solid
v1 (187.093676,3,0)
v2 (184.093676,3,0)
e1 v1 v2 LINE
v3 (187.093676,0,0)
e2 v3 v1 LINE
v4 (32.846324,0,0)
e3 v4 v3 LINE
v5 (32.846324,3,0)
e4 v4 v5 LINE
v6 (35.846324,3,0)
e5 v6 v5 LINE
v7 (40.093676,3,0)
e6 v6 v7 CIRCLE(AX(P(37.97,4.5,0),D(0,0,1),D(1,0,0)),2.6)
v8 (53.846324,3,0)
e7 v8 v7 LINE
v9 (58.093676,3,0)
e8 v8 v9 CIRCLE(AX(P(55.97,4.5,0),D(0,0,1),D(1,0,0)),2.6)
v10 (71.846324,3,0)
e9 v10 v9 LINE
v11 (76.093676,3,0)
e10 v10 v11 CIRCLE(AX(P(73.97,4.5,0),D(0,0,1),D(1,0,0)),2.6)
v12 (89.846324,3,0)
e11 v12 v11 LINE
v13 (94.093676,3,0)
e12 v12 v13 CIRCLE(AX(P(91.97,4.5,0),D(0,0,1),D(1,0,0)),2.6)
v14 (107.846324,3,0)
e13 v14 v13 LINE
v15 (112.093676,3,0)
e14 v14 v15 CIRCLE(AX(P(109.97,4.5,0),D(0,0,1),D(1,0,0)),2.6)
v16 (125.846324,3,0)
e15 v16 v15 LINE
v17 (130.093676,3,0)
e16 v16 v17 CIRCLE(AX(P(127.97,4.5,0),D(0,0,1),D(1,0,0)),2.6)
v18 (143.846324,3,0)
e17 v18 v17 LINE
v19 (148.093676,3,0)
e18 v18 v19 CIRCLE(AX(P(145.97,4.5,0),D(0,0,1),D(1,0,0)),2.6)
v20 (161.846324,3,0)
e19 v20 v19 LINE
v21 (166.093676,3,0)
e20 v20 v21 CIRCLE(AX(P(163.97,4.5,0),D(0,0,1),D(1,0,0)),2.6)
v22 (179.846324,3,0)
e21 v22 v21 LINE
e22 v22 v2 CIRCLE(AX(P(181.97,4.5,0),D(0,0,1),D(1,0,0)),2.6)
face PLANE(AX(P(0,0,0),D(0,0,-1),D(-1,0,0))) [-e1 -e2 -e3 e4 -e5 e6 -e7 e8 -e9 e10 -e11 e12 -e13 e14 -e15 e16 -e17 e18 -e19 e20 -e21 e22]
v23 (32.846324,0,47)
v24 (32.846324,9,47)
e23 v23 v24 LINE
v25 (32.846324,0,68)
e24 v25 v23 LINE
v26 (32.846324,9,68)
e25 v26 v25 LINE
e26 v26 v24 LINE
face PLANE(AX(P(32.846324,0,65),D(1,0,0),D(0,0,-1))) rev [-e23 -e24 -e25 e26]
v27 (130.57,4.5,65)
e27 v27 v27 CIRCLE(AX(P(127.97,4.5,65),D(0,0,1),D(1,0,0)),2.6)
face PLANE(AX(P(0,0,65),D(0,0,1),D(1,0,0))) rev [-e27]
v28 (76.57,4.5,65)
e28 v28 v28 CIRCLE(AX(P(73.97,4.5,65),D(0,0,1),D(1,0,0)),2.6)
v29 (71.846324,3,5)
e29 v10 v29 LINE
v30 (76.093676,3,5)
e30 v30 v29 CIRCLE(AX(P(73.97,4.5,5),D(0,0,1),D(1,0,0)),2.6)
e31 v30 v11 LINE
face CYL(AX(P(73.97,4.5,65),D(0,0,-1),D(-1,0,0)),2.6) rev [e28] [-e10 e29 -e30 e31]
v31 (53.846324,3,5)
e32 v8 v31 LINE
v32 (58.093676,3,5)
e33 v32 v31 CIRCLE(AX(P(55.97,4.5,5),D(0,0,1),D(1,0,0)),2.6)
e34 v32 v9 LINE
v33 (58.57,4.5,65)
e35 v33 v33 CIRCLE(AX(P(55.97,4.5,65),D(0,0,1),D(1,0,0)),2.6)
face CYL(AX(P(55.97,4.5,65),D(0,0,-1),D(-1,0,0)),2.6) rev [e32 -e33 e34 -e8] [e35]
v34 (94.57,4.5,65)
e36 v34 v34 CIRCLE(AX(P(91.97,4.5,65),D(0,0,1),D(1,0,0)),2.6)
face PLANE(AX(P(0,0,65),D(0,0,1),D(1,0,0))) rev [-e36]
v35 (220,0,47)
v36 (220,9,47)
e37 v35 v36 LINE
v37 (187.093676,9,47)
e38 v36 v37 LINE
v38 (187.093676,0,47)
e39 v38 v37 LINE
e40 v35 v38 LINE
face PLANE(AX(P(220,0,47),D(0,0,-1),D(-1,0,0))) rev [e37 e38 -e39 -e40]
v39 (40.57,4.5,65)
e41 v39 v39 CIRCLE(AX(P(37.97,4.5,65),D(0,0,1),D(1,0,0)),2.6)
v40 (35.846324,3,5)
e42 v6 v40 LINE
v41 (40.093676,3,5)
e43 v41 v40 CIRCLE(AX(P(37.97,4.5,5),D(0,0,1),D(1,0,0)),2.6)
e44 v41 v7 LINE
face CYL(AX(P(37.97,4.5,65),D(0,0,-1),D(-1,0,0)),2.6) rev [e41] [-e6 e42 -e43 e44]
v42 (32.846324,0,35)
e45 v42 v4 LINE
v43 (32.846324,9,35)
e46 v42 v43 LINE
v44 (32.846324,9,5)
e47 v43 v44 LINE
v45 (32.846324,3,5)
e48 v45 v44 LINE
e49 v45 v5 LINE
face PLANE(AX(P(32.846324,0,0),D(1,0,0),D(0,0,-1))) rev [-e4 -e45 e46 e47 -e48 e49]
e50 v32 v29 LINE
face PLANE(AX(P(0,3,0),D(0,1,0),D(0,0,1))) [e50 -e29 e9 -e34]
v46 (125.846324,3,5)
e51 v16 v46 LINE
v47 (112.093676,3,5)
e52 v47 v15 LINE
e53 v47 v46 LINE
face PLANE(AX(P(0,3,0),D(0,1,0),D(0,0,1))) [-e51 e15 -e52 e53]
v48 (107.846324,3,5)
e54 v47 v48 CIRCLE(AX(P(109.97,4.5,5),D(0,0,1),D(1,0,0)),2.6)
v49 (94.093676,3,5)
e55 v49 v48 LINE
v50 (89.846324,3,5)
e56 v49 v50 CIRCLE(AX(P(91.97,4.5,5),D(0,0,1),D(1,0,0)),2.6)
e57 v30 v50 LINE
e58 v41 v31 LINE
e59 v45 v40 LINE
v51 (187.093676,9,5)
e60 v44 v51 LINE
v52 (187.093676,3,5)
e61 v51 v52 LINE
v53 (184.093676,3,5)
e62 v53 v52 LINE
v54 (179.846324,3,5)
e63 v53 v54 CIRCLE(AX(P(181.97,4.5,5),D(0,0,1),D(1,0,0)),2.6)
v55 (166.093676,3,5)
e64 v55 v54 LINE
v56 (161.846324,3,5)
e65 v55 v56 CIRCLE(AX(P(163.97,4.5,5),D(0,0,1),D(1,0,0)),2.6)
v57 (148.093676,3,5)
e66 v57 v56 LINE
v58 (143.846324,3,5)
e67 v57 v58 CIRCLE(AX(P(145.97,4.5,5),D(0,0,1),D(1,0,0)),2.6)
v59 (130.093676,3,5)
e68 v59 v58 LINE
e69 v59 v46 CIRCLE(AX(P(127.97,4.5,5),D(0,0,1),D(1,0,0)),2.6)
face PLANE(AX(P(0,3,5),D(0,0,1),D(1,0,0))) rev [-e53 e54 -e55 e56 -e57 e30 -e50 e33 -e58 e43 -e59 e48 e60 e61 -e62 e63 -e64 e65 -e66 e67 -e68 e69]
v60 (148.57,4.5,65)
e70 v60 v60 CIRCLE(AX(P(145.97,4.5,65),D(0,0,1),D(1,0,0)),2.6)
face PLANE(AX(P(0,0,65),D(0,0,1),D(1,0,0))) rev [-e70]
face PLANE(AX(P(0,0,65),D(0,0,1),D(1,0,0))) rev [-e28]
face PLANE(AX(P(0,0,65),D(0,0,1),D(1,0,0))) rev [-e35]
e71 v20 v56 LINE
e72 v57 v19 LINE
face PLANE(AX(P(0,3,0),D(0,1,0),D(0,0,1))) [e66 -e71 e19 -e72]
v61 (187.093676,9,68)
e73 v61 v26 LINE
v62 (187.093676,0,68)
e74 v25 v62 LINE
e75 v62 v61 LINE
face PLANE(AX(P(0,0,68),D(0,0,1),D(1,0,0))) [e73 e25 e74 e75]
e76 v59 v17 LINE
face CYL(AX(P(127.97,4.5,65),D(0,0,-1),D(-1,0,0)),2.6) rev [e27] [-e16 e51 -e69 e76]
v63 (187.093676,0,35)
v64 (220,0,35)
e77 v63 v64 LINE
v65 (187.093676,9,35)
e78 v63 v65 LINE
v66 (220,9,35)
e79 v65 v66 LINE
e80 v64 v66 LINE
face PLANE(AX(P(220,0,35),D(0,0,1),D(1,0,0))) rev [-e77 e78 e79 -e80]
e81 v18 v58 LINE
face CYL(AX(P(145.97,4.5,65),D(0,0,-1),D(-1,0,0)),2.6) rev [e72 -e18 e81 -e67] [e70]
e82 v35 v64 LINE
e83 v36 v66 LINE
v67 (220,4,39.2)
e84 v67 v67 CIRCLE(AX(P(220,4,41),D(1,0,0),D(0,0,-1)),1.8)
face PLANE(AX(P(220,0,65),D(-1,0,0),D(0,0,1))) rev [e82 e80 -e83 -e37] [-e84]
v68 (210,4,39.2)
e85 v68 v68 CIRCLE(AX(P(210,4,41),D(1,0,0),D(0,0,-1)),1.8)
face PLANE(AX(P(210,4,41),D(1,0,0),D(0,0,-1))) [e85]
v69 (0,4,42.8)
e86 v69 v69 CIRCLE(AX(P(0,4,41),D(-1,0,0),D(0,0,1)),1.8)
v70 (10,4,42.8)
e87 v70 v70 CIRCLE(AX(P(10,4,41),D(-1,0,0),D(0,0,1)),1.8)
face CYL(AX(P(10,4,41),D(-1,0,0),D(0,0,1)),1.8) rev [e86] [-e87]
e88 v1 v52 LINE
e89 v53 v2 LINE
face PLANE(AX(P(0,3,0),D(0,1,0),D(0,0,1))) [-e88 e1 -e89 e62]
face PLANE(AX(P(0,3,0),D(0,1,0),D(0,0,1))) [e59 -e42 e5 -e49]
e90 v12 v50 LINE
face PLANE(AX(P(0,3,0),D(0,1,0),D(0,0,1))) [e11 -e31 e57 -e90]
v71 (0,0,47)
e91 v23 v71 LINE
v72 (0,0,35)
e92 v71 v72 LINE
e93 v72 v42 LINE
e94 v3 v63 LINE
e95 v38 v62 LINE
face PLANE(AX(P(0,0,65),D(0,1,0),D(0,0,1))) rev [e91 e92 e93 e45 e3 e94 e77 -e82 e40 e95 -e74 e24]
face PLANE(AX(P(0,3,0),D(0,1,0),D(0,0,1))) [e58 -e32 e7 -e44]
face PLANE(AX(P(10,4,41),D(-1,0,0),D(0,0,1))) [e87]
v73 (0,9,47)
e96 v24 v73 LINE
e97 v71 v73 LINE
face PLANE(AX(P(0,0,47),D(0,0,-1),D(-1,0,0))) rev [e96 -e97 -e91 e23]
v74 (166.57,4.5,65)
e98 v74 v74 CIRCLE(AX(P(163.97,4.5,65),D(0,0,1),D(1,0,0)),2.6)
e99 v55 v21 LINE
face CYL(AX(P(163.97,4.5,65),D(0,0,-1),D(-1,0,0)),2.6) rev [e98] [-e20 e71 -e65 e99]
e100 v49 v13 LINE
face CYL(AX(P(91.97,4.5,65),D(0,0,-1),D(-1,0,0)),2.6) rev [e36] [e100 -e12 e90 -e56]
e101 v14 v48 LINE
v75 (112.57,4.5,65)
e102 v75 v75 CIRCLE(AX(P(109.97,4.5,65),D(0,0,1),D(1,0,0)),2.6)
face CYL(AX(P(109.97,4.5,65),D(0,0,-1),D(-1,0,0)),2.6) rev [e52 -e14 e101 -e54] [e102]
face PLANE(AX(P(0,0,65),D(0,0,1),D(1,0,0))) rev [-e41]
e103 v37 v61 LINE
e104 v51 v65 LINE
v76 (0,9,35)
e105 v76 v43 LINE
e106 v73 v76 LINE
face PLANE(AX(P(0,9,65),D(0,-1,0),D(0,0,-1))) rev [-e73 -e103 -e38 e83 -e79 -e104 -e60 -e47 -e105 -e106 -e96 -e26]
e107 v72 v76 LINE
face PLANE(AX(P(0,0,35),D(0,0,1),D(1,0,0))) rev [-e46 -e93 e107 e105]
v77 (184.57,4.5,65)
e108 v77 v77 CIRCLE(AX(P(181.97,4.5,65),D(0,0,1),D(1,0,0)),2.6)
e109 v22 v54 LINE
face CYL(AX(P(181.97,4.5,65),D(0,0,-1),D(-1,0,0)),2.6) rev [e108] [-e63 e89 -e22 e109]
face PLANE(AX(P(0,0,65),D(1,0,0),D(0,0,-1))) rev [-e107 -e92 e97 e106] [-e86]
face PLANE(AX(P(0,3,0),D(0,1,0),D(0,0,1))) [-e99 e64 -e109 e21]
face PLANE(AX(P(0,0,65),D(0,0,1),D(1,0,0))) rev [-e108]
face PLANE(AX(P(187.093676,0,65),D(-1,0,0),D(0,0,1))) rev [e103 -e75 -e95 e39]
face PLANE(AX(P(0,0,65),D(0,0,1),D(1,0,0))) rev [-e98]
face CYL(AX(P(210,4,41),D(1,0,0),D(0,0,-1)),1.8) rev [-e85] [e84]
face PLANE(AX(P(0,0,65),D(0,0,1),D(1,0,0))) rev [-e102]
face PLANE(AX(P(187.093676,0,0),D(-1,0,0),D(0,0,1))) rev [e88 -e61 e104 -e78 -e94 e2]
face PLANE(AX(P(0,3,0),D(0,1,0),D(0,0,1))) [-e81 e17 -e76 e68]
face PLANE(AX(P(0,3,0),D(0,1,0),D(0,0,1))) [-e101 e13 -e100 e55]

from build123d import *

# Parameters (mm, degrees)
SKETCH_1_W          = 220
SKETCH_1_H          = 9
SKETCH_1_R          = 2.6
EXTRUDE_1_DEPTH     = 65
SKETCH_2_W          = 220
SKETCH_2_H          = 5
CUT_EXTRUDE_1_DEPTH = 6
SKETCH_3_W          = 32.846323942
SKETCH_3_H          = 35
SKETCH_3_H_2        = 18
SKETCH_3_W_2        = 32.906323942
CUT_EXTRUDE_2_DEPTH = 230.577873498
SKETCH_4_R          = 1.8
CUT_EXTRUDE_3_DEPTH = 10
CUT_EXTRUDE_START   = -10
SKETCH_5_R          = 1.8
CUT_EXTRUDE_4_DEPTH = 10
SKETCH_6_W          = 154.247352116
SKETCH_6_H          = 9
EXTRUDE_2_DEPTH     = 3


with BuildPart() as part:
    # Эскиз1 → Бобышка-Вытянуть1 (new body)
    with BuildSketch(Plane.XY):
        with Locations((110, 4.5)):
            Rectangle(SKETCH_1_W, SKETCH_1_H)
        with Locations((37.97, 4.5)):
            Circle(SKETCH_1_R, mode=Mode.SUBTRACT)
        with Locations((55.97, 4.5)):
            Circle(SKETCH_1_R, mode=Mode.SUBTRACT)
        with Locations((73.97, 4.5)):
            Circle(SKETCH_1_R, mode=Mode.SUBTRACT)
        with Locations((91.97, 4.5)):
            Circle(SKETCH_1_R, mode=Mode.SUBTRACT)
        with Locations((109.97, 4.5)):
            Circle(SKETCH_1_R, mode=Mode.SUBTRACT)
        with Locations((127.97, 4.5)):
            Circle(SKETCH_1_R, mode=Mode.SUBTRACT)
        with Locations((145.97, 4.5)):
            Circle(SKETCH_1_R, mode=Mode.SUBTRACT)
        with Locations((163.97, 4.5)):
            Circle(SKETCH_1_R, mode=Mode.SUBTRACT)
        with Locations((181.97, 4.5)):
            Circle(SKETCH_1_R, mode=Mode.SUBTRACT)
    extrude(amount=EXTRUDE_1_DEPTH)

    # Эскиз2 → Вырез-Вытянуть1 (cut)
    with BuildSketch(Plane(origin=(0, 9, 0), x_dir=(1, 0, 0), z_dir=(0, 1, 0))):
        with Locations((110, -2.5)):
            Rectangle(SKETCH_2_W, SKETCH_2_H)
    extrude(amount=-CUT_EXTRUDE_1_DEPTH, mode=Mode.SUBTRACT)

    # Эскиз3 → Вырез-Вытянуть2 (cut, through all)
    with BuildSketch(Plane(origin=(0, 9, 0), x_dir=(1, 0, 0), z_dir=(0, 1, 0))):
        with Locations((16.423161971, -17.5)):
            Rectangle(SKETCH_3_W, SKETCH_3_H)
        with Locations((16.423161971, -56)):
            Rectangle(SKETCH_3_W, SKETCH_3_H_2)
        with Locations((203.546838029, -17.5)):
            Rectangle(SKETCH_3_W_2, SKETCH_3_H)
        with Locations((203.546838029, -56)):
            Rectangle(SKETCH_3_W_2, SKETCH_3_H_2)
    extrude(amount=-CUT_EXTRUDE_2_DEPTH, mode=Mode.SUBTRACT)

    # Эскиз4 → Вырез-Вытянуть3 (cut)
    with BuildSketch(Plane.ZY):
        with Locations((41, 4)):
            Circle(SKETCH_4_R)
    extrude(amount=-CUT_EXTRUDE_3_DEPTH, mode=Mode.SUBTRACT)

    # Эскиз5 → Вырез-Вытянуть4 (cut)
    with BuildSketch(Plane(origin=(220, 0, 0), x_dir=(0, 0, -1), z_dir=(1, 0, 0)).offset(CUT_EXTRUDE_START)):
        with Locations(Location((-41, 4, 0), (0, 0, 180))):
            Circle(SKETCH_5_R)
    extrude(amount=CUT_EXTRUDE_4_DEPTH, mode=Mode.SUBTRACT)

    # Эскиз6 → Бобышка-Вытянуть2 (add)
    with BuildSketch(Plane.XY.offset(65)):
        with Locations((109.97, 4.5)):
            Rectangle(SKETCH_6_W, SKETCH_6_H)
    extrude(amount=EXTRUDE_2_DEPTH)


solid = part.part
